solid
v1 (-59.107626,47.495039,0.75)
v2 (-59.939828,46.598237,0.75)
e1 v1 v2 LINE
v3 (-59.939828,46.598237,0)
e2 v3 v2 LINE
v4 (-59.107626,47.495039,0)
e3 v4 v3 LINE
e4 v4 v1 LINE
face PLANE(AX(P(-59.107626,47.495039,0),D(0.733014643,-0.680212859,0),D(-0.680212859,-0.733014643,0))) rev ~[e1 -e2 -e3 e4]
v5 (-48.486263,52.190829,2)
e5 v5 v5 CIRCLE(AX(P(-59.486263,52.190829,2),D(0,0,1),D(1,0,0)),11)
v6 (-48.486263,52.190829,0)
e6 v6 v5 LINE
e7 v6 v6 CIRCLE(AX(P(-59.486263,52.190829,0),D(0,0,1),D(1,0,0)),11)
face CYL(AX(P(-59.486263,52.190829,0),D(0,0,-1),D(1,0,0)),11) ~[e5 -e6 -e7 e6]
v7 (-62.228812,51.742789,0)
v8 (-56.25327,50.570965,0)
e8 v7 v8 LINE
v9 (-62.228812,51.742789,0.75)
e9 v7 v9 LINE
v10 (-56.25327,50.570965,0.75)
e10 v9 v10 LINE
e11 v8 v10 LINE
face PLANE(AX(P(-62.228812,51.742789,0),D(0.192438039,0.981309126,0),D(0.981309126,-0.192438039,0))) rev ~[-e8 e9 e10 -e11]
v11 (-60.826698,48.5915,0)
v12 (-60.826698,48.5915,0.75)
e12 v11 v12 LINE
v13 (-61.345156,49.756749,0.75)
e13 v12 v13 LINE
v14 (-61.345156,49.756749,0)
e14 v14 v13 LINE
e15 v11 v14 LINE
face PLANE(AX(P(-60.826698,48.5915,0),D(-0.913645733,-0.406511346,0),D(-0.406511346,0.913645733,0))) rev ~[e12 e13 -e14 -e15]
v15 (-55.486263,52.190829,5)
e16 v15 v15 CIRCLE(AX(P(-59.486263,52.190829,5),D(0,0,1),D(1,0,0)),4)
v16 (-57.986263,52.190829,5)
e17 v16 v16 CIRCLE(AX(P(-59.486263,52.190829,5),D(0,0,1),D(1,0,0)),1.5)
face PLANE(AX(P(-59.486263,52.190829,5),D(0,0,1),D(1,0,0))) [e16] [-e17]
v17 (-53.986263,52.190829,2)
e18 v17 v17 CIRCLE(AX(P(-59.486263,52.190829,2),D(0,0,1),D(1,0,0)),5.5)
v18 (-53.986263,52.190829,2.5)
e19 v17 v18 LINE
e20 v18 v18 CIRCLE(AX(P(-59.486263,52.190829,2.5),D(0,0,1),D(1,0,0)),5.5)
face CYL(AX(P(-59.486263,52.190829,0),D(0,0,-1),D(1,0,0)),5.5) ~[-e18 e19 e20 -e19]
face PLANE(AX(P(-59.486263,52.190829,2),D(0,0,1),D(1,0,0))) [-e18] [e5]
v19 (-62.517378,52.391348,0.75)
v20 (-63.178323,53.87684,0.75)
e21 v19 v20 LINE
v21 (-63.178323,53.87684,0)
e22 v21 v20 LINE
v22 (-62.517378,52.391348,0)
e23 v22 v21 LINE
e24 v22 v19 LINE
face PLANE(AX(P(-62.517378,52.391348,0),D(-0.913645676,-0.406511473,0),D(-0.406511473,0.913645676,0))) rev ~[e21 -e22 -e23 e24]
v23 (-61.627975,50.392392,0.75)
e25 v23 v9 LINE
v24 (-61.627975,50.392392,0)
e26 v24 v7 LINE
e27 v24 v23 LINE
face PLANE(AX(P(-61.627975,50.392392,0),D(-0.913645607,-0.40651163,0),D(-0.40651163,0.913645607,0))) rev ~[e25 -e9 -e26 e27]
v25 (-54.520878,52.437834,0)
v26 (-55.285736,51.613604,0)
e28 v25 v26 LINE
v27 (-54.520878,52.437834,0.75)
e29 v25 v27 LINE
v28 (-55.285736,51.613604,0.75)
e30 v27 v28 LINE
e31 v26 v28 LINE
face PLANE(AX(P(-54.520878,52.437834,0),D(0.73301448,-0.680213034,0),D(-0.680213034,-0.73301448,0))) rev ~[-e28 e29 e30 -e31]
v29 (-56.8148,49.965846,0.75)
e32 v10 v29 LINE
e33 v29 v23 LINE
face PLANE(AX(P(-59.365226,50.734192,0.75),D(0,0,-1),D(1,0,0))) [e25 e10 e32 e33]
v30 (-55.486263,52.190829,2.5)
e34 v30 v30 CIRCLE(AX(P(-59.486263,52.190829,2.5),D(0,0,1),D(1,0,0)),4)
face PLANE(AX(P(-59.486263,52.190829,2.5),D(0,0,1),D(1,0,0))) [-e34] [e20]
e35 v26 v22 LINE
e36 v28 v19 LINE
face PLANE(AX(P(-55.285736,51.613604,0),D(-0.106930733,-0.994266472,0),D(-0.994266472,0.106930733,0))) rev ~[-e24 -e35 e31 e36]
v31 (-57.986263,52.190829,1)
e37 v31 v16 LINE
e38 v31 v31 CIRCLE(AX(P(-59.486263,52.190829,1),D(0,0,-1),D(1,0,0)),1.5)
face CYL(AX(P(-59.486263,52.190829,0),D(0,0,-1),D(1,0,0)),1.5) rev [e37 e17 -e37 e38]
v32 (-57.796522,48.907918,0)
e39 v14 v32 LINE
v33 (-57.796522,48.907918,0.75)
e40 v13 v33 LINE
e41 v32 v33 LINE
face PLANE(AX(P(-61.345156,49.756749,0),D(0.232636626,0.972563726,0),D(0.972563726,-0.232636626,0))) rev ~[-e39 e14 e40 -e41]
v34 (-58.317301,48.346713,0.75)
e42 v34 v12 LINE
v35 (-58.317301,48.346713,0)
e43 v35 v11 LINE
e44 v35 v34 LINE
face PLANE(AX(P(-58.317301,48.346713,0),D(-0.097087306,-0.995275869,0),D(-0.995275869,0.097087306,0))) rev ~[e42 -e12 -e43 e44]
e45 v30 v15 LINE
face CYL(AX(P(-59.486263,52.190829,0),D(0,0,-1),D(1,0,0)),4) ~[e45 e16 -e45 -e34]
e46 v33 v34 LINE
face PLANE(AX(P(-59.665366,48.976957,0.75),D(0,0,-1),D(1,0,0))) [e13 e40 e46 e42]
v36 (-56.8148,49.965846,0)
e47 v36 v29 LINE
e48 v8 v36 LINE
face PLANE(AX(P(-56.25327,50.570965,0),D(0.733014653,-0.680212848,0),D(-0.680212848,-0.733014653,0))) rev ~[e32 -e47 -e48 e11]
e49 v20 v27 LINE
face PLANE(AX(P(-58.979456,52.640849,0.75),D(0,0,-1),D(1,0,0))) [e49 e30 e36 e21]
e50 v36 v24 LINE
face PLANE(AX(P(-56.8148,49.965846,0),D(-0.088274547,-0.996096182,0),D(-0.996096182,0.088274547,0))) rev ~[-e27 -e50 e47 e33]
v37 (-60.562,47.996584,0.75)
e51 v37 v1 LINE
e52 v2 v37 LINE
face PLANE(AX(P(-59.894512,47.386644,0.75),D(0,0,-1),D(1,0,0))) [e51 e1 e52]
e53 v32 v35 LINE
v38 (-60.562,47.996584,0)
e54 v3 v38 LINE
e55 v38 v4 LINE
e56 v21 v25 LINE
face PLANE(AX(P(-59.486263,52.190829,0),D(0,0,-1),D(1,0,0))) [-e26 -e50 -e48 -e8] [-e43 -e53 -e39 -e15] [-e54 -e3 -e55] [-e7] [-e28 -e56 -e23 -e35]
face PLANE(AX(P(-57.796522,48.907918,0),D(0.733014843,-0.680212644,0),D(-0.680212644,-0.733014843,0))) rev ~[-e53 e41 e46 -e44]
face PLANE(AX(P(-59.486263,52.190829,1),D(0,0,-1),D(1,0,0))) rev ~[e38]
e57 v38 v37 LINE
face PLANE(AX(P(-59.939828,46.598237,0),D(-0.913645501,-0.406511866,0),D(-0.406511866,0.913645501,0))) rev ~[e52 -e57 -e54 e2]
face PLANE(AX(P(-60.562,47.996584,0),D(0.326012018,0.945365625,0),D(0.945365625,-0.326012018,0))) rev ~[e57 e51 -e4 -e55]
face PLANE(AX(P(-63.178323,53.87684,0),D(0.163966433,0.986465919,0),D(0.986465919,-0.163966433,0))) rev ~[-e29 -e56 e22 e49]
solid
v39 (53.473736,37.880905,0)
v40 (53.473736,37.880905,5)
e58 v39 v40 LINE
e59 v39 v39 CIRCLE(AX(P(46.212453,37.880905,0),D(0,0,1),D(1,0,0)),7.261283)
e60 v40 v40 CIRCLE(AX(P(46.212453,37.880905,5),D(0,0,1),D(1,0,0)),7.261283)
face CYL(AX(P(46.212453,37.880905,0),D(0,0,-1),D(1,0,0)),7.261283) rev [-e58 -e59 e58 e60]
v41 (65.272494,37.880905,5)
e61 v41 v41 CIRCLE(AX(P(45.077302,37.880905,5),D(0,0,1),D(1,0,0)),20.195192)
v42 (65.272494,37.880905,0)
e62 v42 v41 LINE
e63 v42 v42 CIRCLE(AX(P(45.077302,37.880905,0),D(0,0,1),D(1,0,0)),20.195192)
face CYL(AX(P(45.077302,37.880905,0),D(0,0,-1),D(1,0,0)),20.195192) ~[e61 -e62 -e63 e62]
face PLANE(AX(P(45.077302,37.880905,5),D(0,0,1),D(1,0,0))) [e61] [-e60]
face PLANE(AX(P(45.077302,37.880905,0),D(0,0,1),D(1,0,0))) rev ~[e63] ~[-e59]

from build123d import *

# Parameters (mm, degrees)
F0_R      = 4
F0_R_2    = 1.5
F1_DEPTH  = 5
F0_R_3    = 5.5
F2_DEPTH  = 2.5
F0_R_4    = 11
F3_DEPTH  = 2
F4_R      = 1.5
F5_DEPTH  = 1
F8_DEPTH  = 0.75
F9_R      = 20.195192
F9_R_2    = 7.261283
F10_DEPTH = 5


with BuildPart() as f1:
    # F0 (on Top) → F1 (new body)
    with BuildSketch(Plane.XY):
        with Locations((-59.486263, 52.190829)):
            Circle(F0_R)
        with Locations((-59.486263, 52.190829)):
            Circle(F0_R_2, mode=Mode.SUBTRACT)
    extrude(amount=F1_DEPTH)

    # F0 (on Top) → F2 (join)
    with BuildSketch(Plane.XY):
        with Locations((-59.486263, 52.190829)):
            Circle(F0_R_3)
        with Locations((-59.486263, 52.190829)):
            Circle(F0_R, mode=Mode.SUBTRACT)
    extrude(amount=F2_DEPTH)

    # F0 (on Top) → F3 (join)
    with BuildSketch(Plane.XY):
        with Locations((-59.486263, 52.190829)):
            Circle(F0_R_4)
        with Locations((-59.486263, 52.190829)):
            Circle(F0_R_3, mode=Mode.SUBTRACT)
    extrude(amount=F3_DEPTH)


with BuildPart() as f5:
    # F4 (on face) → F5 (new body)
    with BuildSketch(Plane(origin=(0, 0, 0), x_dir=(1, 0, 0), z_dir=(0, 0, -1))):
        with Locations((-59.486263, -52.190829)):
            Circle(F4_R)
    extrude(amount=-F5_DEPTH)


with BuildPart() as f1_1:
    add(f1.part)

    # F6: union F5
    add(f5.part)

    # F7 (on face) → F8 (cut)
    with BuildSketch(Plane(origin=(0, 0, 0), x_dir=(1, 0, 0), z_dir=(0, 0, -1))):
        Polygon((-62.517378, -52.391348), (-63.178323, -53.87684), (-54.520878, -52.437834), (-55.285736, -51.613604), align=None)
        Polygon((-59.107626, -47.495039), (-59.939828, -46.598237), (-60.562, -47.996584), align=None)
        Polygon((-62.228812, -51.742789), (-56.25327, -50.570965), (-56.8148, -49.965846), (-61.627975, -50.392392), align=None)
        Polygon((-61.345156, -49.756749), (-57.796522, -48.907918), (-58.317301, -48.346713), (-60.826698, -48.5915), align=None)
    extrude(amount=-F8_DEPTH, mode=Mode.SUBTRACT)


with BuildPart() as f10:
    # F9 (on Top) → F10 (new body)
    with BuildSketch(Plane.XY):
        with Locations((45.077302, 37.880905)):
            Circle(F9_R)
        with Locations((46.212453, 37.880905)):
            Circle(F9_R_2, mode=Mode.SUBTRACT)
    extrude(amount=F10_DEPTH)


solid = Compound([f1_1.part, f10.part])
